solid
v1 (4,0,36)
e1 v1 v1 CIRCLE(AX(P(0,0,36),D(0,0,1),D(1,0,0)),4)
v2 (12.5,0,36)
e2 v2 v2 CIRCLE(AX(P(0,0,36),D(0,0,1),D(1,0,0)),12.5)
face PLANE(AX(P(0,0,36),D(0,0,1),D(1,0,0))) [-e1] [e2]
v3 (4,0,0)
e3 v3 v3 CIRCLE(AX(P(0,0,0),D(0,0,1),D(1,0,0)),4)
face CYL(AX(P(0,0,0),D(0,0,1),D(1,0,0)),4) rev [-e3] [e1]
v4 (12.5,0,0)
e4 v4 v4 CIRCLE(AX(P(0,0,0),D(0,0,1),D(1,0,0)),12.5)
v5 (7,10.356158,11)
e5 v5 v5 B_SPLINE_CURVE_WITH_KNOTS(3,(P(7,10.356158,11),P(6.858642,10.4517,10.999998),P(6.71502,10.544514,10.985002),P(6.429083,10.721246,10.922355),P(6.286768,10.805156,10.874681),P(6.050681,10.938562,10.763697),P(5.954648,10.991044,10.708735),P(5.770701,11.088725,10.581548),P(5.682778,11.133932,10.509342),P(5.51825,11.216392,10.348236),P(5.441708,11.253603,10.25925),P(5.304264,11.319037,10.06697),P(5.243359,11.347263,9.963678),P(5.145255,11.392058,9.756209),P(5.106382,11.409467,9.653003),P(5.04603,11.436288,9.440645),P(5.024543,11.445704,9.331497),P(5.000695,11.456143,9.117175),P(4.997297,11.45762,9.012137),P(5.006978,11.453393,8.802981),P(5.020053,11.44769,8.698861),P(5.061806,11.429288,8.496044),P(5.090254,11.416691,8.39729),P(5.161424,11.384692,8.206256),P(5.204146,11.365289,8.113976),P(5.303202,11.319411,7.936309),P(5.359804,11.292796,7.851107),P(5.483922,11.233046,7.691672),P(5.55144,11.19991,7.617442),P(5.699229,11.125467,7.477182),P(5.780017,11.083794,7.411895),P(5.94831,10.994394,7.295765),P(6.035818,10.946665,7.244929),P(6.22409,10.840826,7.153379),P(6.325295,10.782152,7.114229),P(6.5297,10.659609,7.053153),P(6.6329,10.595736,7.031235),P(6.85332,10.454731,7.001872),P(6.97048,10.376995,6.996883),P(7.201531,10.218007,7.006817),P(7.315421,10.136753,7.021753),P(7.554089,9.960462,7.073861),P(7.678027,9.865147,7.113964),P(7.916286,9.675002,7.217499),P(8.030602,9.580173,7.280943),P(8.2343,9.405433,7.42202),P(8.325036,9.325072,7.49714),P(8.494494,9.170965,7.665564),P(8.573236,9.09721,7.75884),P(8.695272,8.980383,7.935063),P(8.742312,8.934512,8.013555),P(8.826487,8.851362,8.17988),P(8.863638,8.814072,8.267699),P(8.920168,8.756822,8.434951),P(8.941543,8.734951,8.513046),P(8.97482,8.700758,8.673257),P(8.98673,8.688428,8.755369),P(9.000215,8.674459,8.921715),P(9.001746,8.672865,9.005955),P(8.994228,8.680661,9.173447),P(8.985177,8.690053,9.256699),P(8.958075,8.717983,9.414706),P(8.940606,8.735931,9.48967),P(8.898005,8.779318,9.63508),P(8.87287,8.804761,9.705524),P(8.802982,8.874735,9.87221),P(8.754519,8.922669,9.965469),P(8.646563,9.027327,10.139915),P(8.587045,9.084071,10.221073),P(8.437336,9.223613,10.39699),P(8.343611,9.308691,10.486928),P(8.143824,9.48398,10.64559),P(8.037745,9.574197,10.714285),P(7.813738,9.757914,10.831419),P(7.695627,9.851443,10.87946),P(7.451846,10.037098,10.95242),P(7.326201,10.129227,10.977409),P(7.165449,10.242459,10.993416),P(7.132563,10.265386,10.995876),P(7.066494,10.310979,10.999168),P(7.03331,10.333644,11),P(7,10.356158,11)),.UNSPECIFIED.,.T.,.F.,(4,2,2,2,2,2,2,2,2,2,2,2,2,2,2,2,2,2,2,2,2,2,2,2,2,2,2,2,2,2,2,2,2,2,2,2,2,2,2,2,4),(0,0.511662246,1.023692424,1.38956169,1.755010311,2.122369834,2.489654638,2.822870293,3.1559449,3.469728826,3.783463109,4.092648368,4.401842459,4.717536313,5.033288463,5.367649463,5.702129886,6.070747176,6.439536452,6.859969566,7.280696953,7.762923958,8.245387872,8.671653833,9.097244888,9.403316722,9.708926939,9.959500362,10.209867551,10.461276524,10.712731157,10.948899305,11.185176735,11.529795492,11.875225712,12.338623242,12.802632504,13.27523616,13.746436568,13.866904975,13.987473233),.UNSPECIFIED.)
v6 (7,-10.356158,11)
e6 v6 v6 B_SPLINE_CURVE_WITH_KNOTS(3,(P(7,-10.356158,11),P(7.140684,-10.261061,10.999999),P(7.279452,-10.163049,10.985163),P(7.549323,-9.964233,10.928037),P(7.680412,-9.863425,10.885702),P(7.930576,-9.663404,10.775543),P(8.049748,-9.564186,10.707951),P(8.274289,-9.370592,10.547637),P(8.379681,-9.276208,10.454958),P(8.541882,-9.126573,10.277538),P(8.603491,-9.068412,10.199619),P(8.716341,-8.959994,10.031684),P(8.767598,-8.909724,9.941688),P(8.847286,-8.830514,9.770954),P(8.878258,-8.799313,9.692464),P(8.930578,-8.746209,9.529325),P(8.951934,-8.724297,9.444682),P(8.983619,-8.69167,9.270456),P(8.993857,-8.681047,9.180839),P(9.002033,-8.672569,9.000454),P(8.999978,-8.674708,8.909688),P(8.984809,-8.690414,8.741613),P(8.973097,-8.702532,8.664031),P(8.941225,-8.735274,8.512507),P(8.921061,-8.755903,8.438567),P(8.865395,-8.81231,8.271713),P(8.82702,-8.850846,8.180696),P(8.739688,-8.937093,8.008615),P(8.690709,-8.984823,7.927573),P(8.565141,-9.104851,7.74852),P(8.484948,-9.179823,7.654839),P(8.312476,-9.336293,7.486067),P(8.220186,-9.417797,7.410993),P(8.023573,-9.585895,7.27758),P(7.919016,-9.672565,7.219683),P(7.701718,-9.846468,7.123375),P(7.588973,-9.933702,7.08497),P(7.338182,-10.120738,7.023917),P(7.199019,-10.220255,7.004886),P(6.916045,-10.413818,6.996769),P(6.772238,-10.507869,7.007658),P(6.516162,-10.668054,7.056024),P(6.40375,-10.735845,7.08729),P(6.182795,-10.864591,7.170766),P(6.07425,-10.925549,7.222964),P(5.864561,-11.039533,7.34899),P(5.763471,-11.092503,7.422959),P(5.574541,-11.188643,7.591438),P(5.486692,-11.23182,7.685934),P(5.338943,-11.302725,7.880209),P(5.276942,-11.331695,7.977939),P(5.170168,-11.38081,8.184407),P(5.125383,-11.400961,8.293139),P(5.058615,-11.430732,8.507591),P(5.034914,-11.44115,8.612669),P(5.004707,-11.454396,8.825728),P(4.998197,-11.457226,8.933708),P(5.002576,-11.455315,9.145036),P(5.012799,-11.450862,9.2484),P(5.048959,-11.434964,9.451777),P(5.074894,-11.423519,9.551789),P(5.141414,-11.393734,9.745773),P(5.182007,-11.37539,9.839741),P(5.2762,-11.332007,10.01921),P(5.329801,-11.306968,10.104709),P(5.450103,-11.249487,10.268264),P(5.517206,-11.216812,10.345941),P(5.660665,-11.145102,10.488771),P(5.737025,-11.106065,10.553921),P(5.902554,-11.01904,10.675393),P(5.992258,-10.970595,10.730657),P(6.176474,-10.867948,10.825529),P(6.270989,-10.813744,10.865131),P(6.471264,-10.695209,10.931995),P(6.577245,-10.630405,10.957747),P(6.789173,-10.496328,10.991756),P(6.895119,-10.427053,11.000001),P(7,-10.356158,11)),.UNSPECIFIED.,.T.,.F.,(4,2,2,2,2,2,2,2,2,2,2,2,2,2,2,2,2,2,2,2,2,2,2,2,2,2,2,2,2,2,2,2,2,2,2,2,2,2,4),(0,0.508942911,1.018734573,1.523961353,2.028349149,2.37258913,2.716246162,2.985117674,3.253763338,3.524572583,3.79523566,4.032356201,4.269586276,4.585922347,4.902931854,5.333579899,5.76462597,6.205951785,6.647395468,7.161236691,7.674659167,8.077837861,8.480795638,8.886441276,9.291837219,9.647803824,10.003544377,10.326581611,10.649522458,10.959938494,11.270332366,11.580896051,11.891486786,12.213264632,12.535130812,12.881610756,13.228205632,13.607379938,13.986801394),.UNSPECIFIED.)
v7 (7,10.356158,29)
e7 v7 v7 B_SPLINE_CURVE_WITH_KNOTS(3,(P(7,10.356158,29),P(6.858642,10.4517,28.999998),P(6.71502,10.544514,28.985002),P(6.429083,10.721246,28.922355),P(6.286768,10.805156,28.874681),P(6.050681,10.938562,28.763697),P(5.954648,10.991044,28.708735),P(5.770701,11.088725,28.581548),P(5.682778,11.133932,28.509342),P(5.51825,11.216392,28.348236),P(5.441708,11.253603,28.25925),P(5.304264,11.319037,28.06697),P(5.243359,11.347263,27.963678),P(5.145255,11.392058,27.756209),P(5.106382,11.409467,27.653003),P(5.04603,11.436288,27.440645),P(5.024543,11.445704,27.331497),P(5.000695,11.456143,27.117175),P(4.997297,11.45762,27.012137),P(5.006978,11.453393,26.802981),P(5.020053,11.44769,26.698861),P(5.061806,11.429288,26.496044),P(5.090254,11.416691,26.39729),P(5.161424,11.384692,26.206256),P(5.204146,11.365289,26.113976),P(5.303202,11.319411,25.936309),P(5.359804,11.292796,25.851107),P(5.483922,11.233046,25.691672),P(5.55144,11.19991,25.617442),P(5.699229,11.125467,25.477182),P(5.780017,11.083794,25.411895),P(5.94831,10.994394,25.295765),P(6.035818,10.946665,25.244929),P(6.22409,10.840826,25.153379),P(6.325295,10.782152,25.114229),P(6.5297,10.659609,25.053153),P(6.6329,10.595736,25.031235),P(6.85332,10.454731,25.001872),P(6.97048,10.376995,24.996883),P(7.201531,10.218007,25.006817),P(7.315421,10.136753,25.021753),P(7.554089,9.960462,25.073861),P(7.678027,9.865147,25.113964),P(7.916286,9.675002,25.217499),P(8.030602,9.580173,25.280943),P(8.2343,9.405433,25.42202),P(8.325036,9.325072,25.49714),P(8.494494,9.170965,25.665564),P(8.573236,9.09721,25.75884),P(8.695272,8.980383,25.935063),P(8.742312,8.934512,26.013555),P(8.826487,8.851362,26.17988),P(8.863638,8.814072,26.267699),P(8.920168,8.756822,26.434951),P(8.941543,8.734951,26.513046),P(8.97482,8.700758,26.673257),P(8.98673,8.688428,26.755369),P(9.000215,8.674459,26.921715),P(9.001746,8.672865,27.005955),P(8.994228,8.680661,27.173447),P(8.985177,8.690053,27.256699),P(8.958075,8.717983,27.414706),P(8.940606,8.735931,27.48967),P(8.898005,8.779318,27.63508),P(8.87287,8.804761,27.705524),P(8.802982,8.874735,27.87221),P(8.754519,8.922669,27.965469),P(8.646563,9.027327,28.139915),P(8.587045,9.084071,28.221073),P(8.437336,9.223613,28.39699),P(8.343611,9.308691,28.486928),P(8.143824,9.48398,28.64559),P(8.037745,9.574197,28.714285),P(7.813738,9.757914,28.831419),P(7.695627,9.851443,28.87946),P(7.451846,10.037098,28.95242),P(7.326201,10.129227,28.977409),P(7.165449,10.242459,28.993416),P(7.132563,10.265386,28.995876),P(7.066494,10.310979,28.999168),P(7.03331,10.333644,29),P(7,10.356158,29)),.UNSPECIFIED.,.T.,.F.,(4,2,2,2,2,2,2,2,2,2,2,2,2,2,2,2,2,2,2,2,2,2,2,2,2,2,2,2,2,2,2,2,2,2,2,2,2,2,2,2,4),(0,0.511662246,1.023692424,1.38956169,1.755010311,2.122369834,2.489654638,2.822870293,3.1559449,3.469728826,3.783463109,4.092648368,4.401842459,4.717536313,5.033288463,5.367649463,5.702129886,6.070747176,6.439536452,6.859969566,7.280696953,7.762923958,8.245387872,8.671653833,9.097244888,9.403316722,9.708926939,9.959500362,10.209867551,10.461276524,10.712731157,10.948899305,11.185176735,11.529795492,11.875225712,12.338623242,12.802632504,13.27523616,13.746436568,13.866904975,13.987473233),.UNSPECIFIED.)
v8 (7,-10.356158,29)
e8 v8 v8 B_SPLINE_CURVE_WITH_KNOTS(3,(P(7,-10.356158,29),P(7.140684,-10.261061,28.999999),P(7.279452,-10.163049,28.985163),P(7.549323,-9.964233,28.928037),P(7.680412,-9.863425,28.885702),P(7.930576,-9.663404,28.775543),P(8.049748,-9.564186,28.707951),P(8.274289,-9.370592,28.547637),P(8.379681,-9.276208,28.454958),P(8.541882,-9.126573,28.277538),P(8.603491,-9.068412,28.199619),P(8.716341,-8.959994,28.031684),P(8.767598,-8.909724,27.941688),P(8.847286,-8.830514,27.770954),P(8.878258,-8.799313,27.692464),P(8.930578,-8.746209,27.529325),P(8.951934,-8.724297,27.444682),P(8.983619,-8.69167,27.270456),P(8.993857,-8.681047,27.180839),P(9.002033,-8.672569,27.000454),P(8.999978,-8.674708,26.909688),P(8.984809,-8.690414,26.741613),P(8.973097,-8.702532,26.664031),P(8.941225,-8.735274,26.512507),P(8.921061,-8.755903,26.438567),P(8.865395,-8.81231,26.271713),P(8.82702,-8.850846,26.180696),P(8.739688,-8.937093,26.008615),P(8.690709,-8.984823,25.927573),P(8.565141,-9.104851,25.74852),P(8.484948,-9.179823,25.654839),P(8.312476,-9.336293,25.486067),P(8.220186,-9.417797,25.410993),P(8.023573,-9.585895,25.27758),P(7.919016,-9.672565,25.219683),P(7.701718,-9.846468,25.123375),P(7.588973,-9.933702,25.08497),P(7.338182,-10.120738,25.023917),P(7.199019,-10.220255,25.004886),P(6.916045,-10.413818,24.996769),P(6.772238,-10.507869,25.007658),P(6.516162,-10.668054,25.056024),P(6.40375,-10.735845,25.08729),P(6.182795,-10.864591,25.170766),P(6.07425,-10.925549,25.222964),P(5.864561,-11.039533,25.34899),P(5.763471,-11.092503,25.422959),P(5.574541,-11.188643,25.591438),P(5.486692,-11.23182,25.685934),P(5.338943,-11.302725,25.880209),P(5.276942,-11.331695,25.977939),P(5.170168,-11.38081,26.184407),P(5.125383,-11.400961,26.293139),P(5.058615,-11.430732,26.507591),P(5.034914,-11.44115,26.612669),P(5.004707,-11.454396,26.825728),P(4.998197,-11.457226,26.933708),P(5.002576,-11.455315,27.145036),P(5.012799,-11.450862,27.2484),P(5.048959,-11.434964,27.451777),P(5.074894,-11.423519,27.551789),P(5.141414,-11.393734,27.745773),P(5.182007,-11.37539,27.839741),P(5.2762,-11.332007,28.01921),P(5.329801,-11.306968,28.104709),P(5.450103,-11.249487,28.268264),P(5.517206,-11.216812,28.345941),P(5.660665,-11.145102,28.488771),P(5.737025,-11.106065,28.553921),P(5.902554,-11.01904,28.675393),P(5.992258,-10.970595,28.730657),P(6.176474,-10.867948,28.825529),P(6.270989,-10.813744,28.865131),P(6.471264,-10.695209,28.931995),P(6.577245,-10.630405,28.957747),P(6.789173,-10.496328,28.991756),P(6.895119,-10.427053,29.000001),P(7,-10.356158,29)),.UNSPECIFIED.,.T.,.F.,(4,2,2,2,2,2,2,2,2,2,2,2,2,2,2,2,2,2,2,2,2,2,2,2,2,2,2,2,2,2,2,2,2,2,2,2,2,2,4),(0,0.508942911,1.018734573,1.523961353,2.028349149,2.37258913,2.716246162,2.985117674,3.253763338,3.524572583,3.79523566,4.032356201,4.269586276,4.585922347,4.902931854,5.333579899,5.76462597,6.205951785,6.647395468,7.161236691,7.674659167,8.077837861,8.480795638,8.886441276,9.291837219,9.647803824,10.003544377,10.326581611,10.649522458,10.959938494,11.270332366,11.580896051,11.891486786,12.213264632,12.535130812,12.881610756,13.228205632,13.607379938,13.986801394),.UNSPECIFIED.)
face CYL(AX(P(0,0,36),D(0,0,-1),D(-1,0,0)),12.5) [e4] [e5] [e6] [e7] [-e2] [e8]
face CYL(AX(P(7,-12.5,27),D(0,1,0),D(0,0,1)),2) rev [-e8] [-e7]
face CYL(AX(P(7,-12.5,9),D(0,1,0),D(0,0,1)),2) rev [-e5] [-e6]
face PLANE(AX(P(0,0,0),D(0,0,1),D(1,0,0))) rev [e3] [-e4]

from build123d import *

# Parameters (mm, degrees)
SKETCH_1_R               = 12.5
EXTRUDE_1_DEPTH          = 36
SKETCH_3_R               = 4
CUT_EXTRUDE_1_DEPTH      = 41.10610926
CUT_EXTRUDE_2_DEPTH      = 41.10610926
CUT_EXTRUDE_2_DEPTH_BACK = 41.10610926
SKETCH_4_R               = 2


with BuildPart() as part:
    # 草图1 → 拉伸1 (new body)
    with BuildSketch(Plane.XY):
        Circle(SKETCH_1_R)
    extrude(amount=EXTRUDE_1_DEPTH)

    # 草图3 → 切除-拉伸1 (cut, through all)
    with BuildSketch(Plane.XY.offset(36)):
        Circle(SKETCH_3_R)
    extrude(amount=-CUT_EXTRUDE_1_DEPTH, mode=Mode.SUBTRACT)

    # 草图4 → 切除-拉伸2 (cut, two sides: drawn at the far end of the back side and taken through both)
    with BuildSketch(Plane(origin=(0, 0, 0), x_dir=(1, 0, 0), z_dir=(0, 1, 0)).offset(-CUT_EXTRUDE_2_DEPTH_BACK)):
        with Locations(Location((7, -9, 0), (0, 0, 270))):
            Circle(SKETCH_4_R)
        with Locations(Location((7, -27, 0), (0, 0, 270))):
            Circle(SKETCH_4_R)
    extrude(amount=CUT_EXTRUDE_2_DEPTH + CUT_EXTRUDE_2_DEPTH_BACK, mode=Mode.SUBTRACT)


solid = part.part
